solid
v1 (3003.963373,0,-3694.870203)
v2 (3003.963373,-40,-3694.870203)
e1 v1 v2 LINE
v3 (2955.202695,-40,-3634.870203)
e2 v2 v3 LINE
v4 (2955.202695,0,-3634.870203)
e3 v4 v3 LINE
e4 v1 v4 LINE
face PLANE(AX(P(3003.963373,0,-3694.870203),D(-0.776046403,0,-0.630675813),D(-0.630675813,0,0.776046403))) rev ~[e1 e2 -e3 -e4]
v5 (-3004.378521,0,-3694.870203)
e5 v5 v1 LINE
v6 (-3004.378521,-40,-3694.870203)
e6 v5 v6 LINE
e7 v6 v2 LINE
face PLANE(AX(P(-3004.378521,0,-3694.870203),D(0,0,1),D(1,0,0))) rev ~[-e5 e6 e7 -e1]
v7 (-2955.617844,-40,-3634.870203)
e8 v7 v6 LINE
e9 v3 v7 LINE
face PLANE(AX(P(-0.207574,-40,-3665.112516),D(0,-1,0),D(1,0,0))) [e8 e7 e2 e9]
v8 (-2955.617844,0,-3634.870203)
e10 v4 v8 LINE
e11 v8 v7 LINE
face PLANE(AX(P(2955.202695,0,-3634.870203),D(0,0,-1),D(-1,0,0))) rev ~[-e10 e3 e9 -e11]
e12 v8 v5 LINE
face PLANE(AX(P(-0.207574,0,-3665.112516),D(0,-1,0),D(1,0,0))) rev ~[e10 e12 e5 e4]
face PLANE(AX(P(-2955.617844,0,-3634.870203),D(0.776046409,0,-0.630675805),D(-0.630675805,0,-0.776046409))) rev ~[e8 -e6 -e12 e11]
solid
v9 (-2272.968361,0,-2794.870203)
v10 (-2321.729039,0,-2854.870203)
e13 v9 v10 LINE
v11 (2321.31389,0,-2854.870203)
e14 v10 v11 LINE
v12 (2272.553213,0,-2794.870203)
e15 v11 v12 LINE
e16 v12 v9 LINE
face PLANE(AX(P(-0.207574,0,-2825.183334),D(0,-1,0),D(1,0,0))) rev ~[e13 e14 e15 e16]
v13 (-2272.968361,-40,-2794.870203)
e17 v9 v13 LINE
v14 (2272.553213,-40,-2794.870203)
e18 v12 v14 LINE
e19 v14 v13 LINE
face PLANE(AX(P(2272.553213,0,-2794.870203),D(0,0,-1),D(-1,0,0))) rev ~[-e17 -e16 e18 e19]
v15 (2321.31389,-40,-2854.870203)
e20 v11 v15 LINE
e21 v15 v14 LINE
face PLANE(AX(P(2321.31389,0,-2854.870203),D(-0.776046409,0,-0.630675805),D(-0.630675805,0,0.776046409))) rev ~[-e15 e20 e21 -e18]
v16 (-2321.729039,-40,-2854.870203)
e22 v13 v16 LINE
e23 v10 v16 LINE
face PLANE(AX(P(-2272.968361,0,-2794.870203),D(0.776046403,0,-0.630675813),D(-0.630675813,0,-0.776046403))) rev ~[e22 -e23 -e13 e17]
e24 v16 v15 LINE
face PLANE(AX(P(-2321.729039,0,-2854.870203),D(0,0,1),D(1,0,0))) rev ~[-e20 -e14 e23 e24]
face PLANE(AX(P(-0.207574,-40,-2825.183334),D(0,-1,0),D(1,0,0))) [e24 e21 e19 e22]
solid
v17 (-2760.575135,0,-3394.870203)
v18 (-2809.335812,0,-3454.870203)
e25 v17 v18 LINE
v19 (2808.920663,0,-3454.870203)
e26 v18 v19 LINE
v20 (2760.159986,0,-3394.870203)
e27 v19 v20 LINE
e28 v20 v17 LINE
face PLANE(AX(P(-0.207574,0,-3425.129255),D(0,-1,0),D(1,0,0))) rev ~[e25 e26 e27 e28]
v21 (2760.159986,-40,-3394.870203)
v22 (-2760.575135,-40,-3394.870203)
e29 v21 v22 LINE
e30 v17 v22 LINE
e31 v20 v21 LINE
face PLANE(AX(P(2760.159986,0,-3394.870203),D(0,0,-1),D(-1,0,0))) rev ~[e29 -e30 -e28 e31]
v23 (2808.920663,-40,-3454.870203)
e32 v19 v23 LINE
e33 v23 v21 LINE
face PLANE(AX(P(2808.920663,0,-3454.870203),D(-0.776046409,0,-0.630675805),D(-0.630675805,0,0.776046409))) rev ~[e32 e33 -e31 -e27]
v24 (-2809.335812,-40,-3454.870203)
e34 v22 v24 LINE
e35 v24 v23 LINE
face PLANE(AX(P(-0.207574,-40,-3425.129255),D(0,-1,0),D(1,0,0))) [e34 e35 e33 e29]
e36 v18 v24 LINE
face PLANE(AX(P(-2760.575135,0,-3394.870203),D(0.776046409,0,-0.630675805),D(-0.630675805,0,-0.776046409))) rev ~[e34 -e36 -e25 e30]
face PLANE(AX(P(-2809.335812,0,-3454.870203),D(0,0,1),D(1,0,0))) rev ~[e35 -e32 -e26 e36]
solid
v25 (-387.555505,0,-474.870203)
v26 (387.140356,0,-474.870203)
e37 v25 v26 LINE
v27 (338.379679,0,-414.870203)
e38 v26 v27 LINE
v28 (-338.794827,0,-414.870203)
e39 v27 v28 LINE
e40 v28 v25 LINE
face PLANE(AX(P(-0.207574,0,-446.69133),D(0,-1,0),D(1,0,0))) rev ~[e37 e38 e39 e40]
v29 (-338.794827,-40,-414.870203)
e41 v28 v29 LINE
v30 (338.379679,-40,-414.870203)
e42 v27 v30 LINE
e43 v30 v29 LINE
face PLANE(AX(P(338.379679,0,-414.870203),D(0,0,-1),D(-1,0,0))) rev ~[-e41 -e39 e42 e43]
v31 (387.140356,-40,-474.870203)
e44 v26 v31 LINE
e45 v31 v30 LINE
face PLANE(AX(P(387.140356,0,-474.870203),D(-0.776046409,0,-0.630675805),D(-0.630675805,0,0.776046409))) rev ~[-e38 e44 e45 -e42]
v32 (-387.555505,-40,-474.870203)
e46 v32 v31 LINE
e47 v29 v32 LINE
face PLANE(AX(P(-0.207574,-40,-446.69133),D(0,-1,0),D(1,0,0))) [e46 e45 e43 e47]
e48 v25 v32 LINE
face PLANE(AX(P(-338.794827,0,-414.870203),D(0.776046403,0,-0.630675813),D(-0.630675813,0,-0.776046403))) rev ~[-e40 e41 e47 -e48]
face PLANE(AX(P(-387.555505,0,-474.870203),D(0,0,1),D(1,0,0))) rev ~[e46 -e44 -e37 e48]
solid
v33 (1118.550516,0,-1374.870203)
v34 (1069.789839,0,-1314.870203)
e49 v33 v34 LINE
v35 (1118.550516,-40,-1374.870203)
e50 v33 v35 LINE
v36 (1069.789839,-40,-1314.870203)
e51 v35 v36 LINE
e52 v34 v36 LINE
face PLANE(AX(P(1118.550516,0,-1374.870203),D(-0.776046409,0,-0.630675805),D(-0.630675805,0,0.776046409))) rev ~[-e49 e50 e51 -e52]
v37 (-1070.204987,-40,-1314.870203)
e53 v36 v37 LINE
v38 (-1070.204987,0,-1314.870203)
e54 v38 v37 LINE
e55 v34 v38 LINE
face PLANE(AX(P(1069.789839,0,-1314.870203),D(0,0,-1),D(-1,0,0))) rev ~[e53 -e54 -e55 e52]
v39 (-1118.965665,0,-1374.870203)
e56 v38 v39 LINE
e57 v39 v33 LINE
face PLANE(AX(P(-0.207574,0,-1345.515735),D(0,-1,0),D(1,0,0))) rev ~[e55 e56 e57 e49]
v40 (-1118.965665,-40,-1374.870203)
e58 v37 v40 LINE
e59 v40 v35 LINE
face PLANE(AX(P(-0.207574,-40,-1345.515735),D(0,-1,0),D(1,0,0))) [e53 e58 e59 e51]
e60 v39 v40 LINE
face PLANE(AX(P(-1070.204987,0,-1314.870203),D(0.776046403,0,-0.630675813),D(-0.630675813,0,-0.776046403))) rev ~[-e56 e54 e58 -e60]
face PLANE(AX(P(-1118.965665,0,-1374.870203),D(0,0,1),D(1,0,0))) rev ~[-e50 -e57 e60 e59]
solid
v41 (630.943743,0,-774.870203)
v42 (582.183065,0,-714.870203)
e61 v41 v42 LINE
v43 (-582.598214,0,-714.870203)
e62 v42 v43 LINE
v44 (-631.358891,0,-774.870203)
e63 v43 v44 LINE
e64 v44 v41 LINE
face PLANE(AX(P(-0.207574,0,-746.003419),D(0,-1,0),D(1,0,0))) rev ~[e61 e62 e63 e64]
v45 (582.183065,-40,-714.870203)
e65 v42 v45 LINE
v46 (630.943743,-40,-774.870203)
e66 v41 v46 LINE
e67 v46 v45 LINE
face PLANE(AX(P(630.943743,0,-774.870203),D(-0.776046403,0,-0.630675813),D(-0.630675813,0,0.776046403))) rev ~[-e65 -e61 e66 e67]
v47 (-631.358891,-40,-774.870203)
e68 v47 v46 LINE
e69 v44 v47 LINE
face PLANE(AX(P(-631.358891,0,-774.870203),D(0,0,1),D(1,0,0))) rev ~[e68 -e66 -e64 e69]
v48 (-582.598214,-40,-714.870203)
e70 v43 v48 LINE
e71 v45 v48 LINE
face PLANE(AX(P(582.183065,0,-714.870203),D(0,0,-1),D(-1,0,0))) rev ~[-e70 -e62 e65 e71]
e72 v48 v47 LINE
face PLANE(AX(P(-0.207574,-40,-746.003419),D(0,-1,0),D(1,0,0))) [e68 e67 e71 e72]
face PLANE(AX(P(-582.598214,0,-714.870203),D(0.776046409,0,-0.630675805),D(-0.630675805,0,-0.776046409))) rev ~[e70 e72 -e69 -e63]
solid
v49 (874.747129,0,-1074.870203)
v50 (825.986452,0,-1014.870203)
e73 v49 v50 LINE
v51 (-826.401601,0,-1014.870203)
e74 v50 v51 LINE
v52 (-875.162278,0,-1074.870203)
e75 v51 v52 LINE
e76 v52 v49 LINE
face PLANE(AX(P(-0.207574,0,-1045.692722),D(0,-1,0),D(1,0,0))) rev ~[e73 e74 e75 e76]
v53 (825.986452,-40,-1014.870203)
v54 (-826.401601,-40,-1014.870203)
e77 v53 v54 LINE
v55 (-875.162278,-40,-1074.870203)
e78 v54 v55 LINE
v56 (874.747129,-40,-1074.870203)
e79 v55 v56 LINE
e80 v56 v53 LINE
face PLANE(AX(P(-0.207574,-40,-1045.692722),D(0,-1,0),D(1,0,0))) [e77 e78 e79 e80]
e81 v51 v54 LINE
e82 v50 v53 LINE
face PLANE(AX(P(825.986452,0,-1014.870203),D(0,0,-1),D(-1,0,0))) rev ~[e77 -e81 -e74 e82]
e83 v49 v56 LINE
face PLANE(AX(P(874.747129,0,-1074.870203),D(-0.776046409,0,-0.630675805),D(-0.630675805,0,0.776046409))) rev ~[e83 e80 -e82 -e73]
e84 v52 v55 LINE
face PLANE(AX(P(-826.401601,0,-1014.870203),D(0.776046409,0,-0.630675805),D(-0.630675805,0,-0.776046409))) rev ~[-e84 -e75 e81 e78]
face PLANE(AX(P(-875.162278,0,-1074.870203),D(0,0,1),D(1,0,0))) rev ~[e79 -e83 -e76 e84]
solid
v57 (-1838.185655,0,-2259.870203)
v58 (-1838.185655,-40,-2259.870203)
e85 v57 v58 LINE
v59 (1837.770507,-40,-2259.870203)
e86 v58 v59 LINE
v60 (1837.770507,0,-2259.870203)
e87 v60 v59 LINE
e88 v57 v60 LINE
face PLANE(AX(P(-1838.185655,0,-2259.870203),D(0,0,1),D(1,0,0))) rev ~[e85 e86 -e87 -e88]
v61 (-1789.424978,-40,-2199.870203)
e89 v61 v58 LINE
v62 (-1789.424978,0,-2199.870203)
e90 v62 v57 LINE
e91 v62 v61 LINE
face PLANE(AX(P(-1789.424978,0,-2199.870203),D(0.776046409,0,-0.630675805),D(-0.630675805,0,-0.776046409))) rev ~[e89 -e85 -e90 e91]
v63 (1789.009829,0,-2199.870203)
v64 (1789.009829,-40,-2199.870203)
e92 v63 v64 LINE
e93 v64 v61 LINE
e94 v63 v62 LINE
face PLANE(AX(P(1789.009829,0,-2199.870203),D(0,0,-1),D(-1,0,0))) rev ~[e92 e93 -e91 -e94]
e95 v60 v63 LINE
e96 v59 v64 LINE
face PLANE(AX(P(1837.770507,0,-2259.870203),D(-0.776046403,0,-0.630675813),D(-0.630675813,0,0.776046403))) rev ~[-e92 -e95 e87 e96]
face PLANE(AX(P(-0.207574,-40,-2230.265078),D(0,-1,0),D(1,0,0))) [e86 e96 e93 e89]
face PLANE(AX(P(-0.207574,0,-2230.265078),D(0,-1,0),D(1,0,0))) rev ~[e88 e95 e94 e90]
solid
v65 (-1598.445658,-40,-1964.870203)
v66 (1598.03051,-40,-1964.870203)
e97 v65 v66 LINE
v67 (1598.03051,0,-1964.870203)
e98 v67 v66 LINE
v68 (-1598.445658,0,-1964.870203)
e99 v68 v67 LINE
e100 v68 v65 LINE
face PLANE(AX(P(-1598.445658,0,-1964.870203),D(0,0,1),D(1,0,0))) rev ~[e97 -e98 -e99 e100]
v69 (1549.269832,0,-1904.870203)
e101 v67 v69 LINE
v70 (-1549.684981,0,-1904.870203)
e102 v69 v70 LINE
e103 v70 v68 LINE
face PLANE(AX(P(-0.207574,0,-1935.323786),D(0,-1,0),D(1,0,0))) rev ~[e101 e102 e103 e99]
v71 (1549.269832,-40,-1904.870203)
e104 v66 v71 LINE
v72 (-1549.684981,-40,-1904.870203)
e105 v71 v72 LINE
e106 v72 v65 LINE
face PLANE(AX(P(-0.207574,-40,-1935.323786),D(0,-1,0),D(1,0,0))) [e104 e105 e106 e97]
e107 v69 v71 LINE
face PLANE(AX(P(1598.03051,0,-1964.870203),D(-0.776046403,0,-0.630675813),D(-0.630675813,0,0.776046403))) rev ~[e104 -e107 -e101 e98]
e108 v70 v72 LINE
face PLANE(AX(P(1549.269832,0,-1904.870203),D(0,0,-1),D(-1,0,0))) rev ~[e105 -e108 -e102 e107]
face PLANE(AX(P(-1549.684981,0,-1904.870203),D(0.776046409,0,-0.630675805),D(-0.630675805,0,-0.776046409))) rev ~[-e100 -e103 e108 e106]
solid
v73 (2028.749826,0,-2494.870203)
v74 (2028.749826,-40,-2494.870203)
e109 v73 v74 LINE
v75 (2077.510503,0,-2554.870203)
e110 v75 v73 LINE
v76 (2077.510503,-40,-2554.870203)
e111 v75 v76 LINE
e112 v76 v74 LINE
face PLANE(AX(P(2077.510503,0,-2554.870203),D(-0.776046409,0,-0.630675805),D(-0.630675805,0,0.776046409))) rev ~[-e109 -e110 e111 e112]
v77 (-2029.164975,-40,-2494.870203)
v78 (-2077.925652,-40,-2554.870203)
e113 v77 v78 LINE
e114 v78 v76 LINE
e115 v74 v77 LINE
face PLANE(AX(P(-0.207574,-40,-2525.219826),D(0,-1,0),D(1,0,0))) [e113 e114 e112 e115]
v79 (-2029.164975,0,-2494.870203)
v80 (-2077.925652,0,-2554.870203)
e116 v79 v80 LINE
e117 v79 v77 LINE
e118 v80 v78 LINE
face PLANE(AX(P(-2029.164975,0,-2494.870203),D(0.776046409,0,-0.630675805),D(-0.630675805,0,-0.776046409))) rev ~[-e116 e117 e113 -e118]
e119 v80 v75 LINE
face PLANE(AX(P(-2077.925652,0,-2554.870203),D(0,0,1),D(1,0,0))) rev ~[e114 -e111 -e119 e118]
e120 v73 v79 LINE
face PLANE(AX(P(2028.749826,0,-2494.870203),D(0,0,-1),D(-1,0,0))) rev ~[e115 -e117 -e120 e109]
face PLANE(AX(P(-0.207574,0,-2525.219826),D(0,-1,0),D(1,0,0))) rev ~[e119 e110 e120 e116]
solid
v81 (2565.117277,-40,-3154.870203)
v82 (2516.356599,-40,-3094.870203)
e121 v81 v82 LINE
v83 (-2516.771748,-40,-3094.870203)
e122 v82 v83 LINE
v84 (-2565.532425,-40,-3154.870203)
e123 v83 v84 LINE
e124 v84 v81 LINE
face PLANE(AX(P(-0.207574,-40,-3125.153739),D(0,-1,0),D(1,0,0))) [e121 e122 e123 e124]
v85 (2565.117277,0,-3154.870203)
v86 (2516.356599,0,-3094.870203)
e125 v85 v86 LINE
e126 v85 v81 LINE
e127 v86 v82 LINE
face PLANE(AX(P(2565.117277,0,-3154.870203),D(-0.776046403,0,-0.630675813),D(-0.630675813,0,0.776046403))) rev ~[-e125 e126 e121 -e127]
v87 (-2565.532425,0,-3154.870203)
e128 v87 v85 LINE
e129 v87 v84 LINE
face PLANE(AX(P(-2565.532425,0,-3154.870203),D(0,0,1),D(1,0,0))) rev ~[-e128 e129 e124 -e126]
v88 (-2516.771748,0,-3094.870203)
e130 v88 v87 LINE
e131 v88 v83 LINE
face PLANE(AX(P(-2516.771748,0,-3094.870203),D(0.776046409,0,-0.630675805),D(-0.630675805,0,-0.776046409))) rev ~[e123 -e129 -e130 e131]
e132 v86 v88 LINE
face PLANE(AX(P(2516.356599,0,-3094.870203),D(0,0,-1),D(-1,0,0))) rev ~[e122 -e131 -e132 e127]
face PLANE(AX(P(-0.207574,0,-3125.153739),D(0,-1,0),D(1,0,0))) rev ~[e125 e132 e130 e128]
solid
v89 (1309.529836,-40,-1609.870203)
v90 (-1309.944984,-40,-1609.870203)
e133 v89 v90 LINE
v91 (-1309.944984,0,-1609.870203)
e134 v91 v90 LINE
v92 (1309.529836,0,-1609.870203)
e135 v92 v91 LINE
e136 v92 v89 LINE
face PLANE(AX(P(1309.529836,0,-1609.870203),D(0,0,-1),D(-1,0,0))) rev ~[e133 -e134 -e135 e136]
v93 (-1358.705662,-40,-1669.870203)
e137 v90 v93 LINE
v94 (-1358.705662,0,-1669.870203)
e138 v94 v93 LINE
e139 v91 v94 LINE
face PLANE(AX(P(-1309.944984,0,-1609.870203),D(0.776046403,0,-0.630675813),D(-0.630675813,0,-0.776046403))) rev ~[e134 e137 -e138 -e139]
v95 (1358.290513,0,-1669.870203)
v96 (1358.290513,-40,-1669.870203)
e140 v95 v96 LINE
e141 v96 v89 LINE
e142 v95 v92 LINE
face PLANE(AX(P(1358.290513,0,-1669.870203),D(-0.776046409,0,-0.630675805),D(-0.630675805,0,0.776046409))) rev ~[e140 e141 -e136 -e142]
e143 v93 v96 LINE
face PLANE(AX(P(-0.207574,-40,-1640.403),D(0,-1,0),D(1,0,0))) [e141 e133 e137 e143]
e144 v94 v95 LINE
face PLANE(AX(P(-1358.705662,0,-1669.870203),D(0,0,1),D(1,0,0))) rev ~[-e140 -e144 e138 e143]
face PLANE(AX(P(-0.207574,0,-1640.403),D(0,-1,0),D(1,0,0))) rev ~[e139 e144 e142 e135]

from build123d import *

# Parameters (mm, degrees)
F1_DEPTH = 40


with BuildPart() as f1:
    # F0 (on Front) → F1 (new body)
    with BuildSketch(Plane.XZ):
        Polygon((-338.794827, -414.870203), (-387.555505, -474.870203), (387.140356, -474.870203), (338.379679, -414.870203), (-0.207632, -414.870203), align=None)
        Polygon((630.943743, -774.870203), (582.183065, -714.870203), (-582.598214, -714.870203), (-631.358891, -774.870203), align=None)
        Polygon((-875.162278, -1074.870203), (874.747129, -1074.870203), (825.986452, -1014.870203), (-826.401601, -1014.870203), align=None)
        Polygon((1118.550516, -1374.870203), (1069.789839, -1314.870203), (-1070.204987, -1314.870203), (-1118.965665, -1374.870203), align=None)
        Polygon((1309.529836, -1609.870203), (-1309.944984, -1609.870203), (-1358.705662, -1669.870203), (1358.290513, -1669.870203), align=None)
        Polygon((-1549.684981, -1904.870203), (-1598.445658, -1964.870203), (1598.03051, -1964.870203), (1549.269832, -1904.870203), align=None)
        Polygon((1789.009829, -2199.870203), (-1789.424978, -2199.870203), (-1838.185655, -2259.870203), (1837.770507, -2259.870203), align=None)
        Polygon((2272.553213, -2794.870203), (-2272.968361, -2794.870203), (-2321.729039, -2854.870203), (2321.31389, -2854.870203), align=None)
        Polygon((2516.356599, -3094.870203), (-2516.771748, -3094.870203), (-2565.532425, -3154.870203), (2565.117277, -3154.870203), align=None)
        Polygon((2028.749826, -2494.870203), (-2029.164975, -2494.870203), (-2077.925652, -2554.870203), (2077.510503, -2554.870203), align=None)
        Polygon((2760.159986, -3394.870203), (-2760.575135, -3394.870203), (-2809.335812, -3454.870203), (2808.920663, -3454.870203), align=None)
        Polygon((2955.202695, -3634.870203), (-2955.617844, -3634.870203), (-3004.378521, -3694.870203), (3003.963373, -3694.870203), align=None)
    extrude(amount=F1_DEPTH)


solid = f1.part
